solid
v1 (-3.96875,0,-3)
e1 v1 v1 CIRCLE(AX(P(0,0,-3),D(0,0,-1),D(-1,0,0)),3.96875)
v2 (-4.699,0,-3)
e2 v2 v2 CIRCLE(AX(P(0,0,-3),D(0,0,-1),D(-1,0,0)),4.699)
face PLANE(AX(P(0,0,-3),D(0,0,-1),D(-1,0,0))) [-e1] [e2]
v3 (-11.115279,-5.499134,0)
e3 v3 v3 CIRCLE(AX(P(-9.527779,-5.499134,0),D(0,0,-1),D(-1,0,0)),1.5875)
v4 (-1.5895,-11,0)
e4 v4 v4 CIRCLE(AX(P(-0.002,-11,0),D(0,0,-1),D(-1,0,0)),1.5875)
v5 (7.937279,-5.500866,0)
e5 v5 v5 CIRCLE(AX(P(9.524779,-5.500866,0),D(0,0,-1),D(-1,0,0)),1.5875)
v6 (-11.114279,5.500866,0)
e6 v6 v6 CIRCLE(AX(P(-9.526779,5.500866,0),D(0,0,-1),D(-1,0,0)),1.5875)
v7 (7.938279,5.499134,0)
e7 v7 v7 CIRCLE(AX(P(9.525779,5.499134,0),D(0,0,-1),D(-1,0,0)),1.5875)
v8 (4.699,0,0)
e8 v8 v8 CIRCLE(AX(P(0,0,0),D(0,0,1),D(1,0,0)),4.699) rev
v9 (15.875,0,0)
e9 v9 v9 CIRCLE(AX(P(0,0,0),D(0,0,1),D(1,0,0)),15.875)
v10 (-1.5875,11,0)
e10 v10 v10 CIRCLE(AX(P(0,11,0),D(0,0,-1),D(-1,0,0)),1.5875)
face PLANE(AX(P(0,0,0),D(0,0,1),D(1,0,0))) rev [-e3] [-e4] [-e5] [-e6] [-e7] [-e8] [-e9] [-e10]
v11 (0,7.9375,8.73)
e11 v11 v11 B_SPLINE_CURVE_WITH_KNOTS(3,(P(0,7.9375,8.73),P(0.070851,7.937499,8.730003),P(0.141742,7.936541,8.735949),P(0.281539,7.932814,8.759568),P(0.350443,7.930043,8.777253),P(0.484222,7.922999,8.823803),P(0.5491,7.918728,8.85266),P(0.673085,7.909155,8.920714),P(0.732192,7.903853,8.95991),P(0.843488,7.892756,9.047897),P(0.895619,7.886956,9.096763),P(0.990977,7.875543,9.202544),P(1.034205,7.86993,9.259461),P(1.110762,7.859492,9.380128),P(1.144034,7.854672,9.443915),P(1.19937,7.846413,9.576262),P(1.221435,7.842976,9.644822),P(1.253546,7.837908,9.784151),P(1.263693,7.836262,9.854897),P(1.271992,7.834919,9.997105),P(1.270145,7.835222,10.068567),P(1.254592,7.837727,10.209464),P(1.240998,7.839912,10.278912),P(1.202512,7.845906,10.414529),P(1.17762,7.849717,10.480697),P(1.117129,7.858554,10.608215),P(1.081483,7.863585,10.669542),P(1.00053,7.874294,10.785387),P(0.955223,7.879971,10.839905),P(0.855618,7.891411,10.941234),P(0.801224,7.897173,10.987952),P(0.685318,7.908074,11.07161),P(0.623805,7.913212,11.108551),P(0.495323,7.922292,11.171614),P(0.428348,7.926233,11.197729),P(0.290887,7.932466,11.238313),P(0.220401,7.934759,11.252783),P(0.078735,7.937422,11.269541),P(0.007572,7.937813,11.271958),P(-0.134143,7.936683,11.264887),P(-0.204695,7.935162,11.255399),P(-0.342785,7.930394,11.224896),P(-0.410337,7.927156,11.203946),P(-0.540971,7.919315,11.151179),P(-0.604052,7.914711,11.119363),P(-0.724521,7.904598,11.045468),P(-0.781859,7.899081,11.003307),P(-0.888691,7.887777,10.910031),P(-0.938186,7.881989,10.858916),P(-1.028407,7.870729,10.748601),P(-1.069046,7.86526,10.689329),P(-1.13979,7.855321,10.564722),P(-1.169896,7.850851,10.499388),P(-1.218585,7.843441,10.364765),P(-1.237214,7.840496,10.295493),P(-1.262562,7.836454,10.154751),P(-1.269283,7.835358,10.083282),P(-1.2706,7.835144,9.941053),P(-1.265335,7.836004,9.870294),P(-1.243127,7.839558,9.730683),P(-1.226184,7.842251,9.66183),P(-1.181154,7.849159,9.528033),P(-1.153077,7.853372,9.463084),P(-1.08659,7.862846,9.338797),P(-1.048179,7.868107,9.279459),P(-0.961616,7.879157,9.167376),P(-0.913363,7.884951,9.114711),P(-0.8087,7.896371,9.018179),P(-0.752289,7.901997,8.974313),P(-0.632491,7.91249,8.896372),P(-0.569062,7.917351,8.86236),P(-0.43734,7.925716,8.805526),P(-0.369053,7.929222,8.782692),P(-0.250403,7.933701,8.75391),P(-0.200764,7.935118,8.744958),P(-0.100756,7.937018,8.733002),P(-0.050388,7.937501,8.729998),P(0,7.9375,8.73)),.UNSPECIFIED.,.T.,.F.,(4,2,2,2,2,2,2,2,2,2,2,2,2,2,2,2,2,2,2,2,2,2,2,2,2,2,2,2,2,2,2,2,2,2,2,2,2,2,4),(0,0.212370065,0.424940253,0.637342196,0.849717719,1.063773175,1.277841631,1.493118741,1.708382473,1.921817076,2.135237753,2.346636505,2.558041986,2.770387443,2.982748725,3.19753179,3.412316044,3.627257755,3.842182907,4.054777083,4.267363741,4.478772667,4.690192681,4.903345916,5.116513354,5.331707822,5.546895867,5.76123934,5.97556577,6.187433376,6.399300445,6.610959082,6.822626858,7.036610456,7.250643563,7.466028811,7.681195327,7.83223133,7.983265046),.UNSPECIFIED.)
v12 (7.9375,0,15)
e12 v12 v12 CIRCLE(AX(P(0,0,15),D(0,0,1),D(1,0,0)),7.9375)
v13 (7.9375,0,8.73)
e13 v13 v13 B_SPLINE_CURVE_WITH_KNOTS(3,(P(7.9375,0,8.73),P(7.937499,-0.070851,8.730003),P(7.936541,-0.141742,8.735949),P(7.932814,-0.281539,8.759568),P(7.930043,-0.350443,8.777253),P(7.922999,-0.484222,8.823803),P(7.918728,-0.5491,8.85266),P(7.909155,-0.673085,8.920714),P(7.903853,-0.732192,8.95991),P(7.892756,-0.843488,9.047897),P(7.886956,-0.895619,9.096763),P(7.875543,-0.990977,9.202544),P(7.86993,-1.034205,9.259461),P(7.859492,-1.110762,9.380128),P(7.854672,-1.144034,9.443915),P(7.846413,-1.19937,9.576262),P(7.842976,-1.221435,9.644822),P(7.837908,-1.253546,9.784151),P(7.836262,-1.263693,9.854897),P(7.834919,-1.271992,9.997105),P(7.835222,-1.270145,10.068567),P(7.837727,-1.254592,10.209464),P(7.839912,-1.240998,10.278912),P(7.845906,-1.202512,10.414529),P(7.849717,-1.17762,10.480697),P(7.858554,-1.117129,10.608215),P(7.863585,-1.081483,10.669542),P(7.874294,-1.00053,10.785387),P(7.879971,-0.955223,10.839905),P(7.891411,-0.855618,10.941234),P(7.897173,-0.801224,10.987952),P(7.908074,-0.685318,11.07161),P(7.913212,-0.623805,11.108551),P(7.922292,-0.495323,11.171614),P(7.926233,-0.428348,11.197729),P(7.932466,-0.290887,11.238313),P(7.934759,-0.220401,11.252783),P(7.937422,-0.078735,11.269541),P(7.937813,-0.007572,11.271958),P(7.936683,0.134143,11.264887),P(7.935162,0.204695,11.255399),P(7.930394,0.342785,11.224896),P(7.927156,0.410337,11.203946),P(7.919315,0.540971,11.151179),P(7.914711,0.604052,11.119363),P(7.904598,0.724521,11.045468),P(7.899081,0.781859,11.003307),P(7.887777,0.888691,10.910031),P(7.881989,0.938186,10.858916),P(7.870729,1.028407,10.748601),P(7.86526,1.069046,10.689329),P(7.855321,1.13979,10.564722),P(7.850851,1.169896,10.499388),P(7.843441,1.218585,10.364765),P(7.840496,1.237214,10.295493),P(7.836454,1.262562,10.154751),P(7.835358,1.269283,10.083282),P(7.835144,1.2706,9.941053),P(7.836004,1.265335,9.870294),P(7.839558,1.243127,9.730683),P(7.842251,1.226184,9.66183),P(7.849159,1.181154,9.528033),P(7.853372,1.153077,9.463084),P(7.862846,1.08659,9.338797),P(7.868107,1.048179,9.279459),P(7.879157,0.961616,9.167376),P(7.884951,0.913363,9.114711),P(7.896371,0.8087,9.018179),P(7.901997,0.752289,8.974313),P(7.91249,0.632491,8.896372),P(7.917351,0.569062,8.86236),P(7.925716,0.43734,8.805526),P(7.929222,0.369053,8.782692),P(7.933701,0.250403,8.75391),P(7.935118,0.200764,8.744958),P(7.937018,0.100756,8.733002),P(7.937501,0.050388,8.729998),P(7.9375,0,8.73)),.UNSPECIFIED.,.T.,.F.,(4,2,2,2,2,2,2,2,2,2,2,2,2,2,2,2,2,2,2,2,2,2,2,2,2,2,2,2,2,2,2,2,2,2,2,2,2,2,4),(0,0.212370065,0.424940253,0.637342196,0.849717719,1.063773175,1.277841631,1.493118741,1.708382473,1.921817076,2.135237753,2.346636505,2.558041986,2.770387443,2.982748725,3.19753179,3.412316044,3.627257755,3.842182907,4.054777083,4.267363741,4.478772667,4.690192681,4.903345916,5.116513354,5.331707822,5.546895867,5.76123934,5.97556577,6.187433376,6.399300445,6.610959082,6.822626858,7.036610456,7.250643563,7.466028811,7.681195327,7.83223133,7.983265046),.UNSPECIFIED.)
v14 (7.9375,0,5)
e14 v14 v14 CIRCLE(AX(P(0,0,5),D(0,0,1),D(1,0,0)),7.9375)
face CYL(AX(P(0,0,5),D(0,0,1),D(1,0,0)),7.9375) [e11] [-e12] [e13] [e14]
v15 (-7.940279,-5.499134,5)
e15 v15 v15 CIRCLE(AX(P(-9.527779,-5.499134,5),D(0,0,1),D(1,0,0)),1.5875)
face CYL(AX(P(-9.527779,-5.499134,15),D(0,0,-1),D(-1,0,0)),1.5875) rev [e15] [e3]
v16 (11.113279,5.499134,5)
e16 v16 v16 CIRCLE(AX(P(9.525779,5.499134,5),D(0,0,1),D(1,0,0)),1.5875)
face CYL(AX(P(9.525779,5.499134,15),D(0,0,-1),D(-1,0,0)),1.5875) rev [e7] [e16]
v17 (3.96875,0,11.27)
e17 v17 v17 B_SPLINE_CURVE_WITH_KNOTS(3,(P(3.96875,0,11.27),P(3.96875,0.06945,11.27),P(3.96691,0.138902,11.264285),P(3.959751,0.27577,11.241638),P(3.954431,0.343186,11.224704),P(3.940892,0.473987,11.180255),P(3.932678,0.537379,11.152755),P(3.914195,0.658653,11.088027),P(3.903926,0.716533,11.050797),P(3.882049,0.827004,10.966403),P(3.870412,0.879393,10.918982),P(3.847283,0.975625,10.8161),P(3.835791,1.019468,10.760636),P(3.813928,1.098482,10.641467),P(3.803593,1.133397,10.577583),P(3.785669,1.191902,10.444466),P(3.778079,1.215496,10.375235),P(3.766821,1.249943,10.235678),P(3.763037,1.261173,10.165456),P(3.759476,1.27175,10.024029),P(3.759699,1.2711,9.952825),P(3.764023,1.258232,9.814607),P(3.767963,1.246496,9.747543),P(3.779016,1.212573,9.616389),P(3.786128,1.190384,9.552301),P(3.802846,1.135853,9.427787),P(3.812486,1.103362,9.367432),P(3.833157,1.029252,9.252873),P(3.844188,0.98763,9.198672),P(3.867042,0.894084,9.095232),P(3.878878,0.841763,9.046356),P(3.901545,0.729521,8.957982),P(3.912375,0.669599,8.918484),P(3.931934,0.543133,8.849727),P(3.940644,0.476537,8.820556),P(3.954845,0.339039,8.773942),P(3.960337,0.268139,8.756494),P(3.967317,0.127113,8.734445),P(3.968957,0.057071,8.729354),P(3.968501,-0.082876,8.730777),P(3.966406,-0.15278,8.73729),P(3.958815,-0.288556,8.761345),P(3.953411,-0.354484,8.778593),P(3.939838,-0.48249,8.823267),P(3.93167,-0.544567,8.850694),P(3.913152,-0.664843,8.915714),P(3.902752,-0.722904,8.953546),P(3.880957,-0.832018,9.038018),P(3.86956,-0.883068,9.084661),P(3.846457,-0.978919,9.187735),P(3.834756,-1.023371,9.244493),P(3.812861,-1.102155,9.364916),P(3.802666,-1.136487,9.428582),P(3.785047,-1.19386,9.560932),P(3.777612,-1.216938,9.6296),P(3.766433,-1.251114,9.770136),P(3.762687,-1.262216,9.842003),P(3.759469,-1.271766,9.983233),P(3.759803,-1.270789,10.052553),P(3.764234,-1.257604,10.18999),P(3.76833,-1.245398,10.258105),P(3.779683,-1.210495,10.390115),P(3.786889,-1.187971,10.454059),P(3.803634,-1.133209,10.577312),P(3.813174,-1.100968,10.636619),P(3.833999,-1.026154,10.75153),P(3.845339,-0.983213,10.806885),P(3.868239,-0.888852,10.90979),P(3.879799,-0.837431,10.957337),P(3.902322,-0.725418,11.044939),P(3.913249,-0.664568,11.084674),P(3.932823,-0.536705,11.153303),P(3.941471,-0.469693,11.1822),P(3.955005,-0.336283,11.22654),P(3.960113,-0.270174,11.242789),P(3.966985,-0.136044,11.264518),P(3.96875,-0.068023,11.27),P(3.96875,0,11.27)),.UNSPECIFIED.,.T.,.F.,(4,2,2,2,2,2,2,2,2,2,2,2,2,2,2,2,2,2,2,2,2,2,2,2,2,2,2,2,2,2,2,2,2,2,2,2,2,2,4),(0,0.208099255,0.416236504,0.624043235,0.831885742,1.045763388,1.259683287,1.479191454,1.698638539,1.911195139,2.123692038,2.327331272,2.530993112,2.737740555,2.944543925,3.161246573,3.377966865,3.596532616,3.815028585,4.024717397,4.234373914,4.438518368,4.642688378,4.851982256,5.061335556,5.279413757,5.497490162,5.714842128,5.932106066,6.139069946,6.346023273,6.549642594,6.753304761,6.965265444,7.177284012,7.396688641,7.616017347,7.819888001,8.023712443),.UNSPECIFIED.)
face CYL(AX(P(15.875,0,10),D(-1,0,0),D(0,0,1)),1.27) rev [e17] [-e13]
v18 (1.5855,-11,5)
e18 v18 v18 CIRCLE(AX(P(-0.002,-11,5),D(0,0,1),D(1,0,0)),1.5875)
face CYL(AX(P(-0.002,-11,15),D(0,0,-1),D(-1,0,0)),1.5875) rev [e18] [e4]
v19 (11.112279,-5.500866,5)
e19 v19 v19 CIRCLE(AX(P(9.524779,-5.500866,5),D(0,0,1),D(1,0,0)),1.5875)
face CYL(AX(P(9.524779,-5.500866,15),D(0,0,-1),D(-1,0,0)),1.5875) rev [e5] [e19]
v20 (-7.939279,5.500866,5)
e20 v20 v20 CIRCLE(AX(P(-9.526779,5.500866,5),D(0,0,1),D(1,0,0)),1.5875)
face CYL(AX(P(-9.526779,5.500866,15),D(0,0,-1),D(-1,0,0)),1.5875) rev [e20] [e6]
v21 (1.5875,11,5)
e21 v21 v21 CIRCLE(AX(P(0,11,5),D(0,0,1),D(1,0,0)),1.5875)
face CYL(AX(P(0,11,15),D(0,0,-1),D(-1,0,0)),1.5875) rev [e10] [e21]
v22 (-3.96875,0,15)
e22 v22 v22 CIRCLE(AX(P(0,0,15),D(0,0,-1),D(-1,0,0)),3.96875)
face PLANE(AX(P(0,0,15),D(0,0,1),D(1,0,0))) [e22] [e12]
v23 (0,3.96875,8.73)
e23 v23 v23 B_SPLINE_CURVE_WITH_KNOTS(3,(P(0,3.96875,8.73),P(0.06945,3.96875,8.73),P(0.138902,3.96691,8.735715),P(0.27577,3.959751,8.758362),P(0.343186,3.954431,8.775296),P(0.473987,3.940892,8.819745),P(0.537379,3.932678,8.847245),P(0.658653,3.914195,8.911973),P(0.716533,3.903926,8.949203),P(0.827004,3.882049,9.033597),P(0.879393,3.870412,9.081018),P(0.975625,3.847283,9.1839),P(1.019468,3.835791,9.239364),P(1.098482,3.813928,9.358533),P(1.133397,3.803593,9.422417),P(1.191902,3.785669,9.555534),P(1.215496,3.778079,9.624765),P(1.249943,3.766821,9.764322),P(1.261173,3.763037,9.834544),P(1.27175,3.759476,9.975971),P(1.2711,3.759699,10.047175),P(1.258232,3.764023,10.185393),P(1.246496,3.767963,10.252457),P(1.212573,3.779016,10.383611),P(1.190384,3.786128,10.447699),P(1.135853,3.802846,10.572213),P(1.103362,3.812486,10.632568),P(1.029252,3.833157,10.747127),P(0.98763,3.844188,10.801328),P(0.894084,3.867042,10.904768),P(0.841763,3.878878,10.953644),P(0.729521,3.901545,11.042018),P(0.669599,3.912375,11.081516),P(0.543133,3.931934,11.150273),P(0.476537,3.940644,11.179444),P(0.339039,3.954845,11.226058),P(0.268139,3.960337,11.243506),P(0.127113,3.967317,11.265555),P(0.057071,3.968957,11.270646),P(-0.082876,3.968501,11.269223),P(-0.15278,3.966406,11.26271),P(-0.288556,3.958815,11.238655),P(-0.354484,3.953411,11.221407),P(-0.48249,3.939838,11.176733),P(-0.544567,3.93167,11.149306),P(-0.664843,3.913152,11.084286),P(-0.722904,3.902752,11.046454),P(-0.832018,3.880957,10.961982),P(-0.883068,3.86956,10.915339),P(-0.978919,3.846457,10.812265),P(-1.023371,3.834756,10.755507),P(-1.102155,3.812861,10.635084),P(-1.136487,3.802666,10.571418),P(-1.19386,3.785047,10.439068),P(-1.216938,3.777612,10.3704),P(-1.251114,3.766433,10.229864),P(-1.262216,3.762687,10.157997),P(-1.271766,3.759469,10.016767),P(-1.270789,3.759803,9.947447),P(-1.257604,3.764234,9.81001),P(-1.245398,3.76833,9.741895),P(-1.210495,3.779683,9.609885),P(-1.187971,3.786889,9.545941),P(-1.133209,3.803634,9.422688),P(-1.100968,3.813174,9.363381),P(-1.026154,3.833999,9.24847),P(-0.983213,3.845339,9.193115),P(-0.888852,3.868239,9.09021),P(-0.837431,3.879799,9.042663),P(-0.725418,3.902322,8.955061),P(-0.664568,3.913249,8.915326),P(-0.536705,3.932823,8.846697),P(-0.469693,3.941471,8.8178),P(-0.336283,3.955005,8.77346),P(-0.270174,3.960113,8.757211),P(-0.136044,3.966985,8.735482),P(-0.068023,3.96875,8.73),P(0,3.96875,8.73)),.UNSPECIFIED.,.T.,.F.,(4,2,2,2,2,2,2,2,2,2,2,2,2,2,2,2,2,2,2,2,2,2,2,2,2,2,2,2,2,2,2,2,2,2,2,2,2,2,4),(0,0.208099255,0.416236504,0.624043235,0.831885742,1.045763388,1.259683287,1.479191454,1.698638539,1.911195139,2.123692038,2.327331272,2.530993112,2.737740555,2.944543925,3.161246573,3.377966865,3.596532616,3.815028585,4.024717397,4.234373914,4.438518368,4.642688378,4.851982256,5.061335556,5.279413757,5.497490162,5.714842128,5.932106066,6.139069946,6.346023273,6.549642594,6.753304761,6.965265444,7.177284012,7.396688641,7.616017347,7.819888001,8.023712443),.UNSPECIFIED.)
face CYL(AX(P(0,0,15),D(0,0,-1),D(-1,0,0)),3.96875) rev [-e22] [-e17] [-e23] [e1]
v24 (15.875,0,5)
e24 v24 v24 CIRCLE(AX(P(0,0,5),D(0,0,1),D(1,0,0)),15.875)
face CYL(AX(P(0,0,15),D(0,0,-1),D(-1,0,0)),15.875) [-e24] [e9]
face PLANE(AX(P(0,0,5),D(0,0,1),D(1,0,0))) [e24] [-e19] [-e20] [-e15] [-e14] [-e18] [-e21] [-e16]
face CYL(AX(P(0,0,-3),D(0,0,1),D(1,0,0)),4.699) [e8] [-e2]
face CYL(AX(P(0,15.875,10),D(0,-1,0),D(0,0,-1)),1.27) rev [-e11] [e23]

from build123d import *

# Parameters (mm, degrees)
SKETCH1_R           = 15.875
BOSS_EXTRUDE1_DEPTH = 15
SKETCH2_R           = 25.391657194
SKETCH2_R_2         = 7.9375
CUT_EXTRUDE1_DEPTH  = 10
SKETCH3_R           = 3.96875
CUT_EXTRUDE2_DEPTH  = 28.000578698
BOSS_EXTRUDE2_START = 3
SKETCH4_R           = 4.699
SKETCH4_R_2         = 3.96875
BOSS_EXTRUDE2_DEPTH = 3
SKETCH5_R           = 1.5875
CUT_EXTRUDE3_DEPTH  = 28.000578698
SKETCH6_R           = 1.27
CUT_EXTRUDE4_DEPTH  = 28.000578698
SKETCH7_R           = 1.27
CUT_EXTRUDE5_DEPTH  = 28.000578753


with BuildPart() as part:
    # Sketch1 → Boss-Extrude1 (new body)
    with BuildSketch(Plane.XY):
        Circle(SKETCH1_R)
    extrude(amount=BOSS_EXTRUDE1_DEPTH)

    # Sketch2 → Cut-Extrude1 (cut)
    with BuildSketch(Plane.XY.offset(15)):
        Circle(SKETCH2_R)
        Circle(SKETCH2_R_2, mode=Mode.SUBTRACT)
    extrude(amount=-CUT_EXTRUDE1_DEPTH, mode=Mode.SUBTRACT)

    # Sketch3 → Cut-Extrude2 (cut, through all)
    with BuildSketch(Plane(origin=(0, 0, 0), x_dir=(-1, 0, 0), z_dir=(0, 0, -1))):
        Circle(SKETCH3_R)
    extrude(amount=-CUT_EXTRUDE2_DEPTH, mode=Mode.SUBTRACT)

    # Sketch4 → Boss-Extrude2 (add)
    with BuildSketch(Plane(origin=(0, 0, 0), x_dir=(-1, 0, 0), z_dir=(0, 0, -1)).offset(BOSS_EXTRUDE2_START)):
        with Locations(Location((0, 0, 0), (0, 0, 180))):
            Circle(SKETCH4_R)
        Circle(SKETCH4_R_2, mode=Mode.SUBTRACT)
    extrude(amount=-BOSS_EXTRUDE2_DEPTH)

    # Sketch5 → Cut-Extrude3 (cut, through all)
    with BuildSketch(Plane(origin=(0, 0, 0), x_dir=(-1, 0, 0), z_dir=(0, 0, -1))):
        with Locations((0, 11)):
            Circle(SKETCH5_R)
        with Locations((9.526779442, 5.500866025)):
            Circle(SKETCH5_R)
        with Locations((9.527779442, -5.499133975)):
            Circle(SKETCH5_R)
        with Locations((0.002, -11)):
            Circle(SKETCH5_R)
        with Locations((-9.524779442, -5.500866025)):
            Circle(SKETCH5_R)
        with Locations((-9.525779442, 5.499133975)):
            Circle(SKETCH5_R)
    extrude(amount=-CUT_EXTRUDE3_DEPTH, mode=Mode.SUBTRACT)

    # Sketch6 → Cut-Extrude4 (cut, through all)
    with BuildSketch(Plane(origin=(0, 0, 0), x_dir=(1, 0, 0), z_dir=(0, 1, 0))):
        with Locations(Location((0, -10, 0), (0, 0, 90))):
            Circle(SKETCH6_R)
    extrude(amount=CUT_EXTRUDE4_DEPTH, mode=Mode.SUBTRACT)

    # Sketch7 → Cut-Extrude5 (cut, through all)
    with BuildSketch(Plane(origin=(0, 0, 0), x_dir=(0, 0, -1), z_dir=(1, 0, 0))):
        with Locations(Location((-10, 0, 0), (0, 0, 180))):
            Circle(SKETCH7_R)
    extrude(amount=CUT_EXTRUDE5_DEPTH, mode=Mode.SUBTRACT)


solid = part.part
